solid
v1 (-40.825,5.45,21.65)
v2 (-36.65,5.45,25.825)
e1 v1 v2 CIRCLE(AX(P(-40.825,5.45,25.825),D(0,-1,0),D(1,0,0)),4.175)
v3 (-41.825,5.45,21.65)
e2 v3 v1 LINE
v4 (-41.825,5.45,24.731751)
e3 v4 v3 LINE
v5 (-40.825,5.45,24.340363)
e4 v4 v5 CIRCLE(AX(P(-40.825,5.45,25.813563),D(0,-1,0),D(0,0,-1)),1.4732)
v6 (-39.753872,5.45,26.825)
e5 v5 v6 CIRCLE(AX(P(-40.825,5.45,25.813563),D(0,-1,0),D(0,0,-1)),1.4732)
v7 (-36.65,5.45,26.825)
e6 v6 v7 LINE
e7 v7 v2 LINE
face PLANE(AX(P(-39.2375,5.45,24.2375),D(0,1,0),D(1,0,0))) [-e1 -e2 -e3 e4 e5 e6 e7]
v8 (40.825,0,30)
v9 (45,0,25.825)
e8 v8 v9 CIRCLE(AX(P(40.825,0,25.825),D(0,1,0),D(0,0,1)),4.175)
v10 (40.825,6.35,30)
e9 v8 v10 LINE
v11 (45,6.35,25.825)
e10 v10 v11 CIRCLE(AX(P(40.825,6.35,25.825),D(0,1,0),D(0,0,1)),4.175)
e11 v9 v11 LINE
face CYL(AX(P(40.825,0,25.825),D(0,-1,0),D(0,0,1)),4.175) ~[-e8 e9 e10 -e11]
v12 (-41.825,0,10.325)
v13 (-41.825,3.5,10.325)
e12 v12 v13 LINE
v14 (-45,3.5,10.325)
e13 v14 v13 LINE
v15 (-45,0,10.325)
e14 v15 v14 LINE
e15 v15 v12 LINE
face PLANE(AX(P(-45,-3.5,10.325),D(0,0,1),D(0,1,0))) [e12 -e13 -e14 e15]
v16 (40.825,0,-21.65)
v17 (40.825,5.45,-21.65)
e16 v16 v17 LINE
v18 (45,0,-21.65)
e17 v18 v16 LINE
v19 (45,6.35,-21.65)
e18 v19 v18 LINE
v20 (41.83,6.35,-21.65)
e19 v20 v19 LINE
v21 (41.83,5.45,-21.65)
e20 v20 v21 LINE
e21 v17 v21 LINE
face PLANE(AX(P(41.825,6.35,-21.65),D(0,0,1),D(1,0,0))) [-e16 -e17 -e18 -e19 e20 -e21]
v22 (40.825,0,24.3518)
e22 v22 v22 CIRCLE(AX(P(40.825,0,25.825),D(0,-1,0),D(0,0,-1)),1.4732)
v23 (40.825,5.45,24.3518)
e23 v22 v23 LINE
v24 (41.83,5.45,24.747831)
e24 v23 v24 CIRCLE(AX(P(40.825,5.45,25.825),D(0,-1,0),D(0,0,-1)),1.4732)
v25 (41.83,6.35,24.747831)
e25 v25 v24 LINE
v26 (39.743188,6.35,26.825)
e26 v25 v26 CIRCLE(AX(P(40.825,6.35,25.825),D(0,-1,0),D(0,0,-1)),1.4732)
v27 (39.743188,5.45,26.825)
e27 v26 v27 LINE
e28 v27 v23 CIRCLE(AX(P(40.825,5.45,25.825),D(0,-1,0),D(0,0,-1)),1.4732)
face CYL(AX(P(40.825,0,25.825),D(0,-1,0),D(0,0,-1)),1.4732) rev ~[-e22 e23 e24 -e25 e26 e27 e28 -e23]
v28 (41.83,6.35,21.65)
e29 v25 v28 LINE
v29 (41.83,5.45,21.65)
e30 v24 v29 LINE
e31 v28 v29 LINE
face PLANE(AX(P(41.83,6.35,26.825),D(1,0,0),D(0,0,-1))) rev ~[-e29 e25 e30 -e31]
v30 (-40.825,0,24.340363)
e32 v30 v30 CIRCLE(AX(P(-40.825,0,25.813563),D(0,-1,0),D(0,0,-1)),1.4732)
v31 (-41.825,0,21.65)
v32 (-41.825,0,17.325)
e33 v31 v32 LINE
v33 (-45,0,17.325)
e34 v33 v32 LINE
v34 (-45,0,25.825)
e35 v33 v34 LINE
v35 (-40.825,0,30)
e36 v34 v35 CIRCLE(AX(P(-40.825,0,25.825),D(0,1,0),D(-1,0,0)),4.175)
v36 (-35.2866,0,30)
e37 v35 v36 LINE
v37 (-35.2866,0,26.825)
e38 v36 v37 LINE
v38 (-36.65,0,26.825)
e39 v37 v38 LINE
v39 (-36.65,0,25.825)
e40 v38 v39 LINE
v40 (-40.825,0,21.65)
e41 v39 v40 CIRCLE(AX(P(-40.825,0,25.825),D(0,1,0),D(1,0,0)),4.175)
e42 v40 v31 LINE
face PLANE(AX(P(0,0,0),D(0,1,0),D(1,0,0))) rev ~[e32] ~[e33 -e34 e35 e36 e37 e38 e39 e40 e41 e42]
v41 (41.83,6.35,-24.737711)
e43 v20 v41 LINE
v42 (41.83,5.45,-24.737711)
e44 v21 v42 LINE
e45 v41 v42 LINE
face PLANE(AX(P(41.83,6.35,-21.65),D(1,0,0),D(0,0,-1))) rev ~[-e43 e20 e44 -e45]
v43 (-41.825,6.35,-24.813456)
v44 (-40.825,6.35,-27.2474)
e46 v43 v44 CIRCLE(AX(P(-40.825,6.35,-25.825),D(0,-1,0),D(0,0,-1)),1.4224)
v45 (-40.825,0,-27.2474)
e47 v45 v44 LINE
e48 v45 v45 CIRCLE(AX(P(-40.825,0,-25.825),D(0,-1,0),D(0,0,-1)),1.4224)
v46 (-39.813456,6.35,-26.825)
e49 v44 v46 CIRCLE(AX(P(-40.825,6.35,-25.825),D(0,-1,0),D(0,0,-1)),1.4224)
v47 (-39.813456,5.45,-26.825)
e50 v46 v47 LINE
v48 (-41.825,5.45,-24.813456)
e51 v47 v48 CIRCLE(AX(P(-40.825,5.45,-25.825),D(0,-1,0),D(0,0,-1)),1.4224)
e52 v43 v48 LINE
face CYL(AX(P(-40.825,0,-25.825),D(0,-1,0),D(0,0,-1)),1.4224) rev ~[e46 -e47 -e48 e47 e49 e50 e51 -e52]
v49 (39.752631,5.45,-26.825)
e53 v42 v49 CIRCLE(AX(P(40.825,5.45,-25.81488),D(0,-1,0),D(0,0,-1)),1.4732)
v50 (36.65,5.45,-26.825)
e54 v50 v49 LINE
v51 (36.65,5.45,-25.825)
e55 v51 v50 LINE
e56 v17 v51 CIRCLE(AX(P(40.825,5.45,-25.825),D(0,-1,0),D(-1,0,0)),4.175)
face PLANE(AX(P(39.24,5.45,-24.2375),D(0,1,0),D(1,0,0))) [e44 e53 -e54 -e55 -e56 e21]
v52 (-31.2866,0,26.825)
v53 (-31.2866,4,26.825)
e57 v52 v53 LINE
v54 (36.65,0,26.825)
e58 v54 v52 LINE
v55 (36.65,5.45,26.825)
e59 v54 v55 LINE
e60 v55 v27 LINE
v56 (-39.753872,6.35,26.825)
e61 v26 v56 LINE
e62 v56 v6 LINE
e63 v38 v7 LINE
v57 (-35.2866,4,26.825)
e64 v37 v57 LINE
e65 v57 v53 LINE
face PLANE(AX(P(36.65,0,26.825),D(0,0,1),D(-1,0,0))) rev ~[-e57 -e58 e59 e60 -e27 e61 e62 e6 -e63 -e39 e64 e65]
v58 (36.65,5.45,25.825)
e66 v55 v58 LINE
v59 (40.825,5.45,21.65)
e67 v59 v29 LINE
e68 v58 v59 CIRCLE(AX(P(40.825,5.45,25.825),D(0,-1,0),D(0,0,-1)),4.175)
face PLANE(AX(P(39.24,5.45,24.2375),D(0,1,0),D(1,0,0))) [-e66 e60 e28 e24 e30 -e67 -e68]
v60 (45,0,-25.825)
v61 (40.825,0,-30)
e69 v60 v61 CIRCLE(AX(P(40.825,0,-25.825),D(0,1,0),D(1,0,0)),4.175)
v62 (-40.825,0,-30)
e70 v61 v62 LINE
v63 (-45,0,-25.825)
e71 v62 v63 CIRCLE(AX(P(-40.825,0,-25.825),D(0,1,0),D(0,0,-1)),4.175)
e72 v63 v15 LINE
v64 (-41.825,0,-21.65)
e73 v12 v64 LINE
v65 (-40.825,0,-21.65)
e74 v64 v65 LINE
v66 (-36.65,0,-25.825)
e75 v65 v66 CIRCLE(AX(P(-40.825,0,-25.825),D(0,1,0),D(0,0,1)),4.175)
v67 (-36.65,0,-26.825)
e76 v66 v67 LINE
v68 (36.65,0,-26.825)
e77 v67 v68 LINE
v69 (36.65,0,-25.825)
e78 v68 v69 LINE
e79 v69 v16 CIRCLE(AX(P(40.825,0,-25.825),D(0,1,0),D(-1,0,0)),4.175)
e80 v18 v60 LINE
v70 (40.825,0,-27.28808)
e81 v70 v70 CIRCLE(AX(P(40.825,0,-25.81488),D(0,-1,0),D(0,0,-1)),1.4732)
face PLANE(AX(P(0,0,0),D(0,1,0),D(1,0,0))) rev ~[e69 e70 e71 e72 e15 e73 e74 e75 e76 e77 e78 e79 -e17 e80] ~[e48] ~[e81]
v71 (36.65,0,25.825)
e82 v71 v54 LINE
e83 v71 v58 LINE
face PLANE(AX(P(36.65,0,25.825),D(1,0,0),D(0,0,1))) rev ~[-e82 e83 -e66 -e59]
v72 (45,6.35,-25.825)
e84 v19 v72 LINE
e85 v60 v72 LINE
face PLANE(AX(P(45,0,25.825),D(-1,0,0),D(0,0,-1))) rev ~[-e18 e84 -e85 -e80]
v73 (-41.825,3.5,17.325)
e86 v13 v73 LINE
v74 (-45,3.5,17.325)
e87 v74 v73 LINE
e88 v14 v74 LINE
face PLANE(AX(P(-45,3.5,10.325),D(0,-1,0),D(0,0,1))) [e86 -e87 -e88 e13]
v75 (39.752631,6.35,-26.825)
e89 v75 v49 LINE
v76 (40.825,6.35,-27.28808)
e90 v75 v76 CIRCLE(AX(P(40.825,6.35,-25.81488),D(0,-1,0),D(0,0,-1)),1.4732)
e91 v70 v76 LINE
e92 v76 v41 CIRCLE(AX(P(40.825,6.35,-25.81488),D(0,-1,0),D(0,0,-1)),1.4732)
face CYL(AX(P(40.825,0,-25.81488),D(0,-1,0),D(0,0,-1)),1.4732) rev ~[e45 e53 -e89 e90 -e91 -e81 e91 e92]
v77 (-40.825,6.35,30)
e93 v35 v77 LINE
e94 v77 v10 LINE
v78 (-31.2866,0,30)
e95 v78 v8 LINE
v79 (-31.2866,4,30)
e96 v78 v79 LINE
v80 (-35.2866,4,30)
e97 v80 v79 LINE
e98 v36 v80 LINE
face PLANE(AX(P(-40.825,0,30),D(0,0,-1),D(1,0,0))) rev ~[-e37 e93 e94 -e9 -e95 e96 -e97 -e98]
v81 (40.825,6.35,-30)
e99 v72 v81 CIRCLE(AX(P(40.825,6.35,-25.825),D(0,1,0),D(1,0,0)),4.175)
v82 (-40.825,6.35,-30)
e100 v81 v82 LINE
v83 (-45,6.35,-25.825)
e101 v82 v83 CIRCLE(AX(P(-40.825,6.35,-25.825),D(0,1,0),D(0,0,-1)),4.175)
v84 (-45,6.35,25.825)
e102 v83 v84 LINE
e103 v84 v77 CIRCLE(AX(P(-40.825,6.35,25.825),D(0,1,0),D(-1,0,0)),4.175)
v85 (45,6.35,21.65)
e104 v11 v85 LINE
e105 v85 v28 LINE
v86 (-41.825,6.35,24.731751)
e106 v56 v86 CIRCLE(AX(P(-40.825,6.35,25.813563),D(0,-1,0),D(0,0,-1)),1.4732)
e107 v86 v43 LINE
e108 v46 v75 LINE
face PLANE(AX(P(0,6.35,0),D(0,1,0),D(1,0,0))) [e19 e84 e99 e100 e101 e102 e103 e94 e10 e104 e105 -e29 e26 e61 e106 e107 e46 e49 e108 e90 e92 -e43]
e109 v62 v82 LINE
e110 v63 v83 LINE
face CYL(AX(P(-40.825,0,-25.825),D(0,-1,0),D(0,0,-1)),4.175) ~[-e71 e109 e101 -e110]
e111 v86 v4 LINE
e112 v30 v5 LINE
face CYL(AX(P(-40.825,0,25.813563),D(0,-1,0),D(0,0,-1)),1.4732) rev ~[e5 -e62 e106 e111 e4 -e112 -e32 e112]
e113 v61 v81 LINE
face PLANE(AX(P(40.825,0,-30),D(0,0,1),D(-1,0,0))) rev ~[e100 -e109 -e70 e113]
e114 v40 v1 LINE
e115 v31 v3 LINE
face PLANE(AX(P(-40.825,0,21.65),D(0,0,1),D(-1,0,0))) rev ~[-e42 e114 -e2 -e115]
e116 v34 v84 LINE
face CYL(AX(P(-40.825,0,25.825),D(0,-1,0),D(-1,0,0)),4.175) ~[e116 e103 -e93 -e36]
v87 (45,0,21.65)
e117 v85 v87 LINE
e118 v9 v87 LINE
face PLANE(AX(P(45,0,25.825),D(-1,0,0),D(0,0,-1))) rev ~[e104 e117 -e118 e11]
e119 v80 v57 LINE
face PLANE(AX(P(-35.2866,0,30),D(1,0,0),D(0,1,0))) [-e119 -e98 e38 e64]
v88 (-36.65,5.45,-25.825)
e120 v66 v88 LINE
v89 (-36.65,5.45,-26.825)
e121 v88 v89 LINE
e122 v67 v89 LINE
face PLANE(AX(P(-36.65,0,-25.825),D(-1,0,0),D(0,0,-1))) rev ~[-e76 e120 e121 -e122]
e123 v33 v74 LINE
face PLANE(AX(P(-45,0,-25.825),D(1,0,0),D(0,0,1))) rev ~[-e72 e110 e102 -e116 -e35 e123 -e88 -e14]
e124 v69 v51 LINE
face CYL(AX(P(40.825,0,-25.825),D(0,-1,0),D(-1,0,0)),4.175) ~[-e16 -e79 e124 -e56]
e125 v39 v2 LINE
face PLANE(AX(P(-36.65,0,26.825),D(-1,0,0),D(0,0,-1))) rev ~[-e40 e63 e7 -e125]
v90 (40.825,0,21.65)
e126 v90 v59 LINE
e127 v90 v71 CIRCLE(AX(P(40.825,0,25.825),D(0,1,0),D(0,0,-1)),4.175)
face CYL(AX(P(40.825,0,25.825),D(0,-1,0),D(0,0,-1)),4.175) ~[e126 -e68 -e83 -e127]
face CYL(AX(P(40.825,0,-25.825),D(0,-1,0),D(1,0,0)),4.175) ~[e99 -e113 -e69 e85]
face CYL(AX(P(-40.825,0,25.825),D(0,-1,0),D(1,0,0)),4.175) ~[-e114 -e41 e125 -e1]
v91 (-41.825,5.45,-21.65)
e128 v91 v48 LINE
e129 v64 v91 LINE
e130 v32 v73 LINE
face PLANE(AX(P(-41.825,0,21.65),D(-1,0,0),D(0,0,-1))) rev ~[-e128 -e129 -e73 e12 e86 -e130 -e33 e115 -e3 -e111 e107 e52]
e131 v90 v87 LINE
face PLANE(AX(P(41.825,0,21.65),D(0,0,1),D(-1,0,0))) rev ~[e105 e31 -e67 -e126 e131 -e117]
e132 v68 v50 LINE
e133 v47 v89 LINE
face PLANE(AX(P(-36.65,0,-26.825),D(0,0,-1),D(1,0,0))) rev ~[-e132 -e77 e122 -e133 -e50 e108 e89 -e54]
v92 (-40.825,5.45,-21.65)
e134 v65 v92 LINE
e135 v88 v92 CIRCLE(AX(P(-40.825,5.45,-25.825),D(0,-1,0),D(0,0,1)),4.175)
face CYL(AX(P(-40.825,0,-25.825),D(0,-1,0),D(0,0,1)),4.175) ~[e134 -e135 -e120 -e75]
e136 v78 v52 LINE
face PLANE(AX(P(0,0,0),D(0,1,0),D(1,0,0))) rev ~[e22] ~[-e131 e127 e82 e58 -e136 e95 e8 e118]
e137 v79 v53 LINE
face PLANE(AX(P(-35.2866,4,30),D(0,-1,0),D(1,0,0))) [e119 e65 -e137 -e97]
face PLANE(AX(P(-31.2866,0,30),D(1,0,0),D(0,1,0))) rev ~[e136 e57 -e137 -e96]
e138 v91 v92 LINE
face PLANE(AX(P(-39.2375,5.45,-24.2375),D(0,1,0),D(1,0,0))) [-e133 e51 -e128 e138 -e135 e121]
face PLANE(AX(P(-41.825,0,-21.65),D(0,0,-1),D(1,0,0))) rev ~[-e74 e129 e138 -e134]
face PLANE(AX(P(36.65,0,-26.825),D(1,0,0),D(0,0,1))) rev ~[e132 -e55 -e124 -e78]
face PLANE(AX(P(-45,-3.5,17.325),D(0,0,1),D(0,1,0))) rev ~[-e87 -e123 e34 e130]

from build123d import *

# Parameters (mm, degrees)
BOSS_EXTRUDE3_DEPTH = 6.35
SKETCH5_W           = 7
SKETCH5_H           = 7
CUT_EXTRUDE3_DEPTH  = 3.175
SKETCH7_R           = 1.4224
SKETCH7_R_2         = 1.4732
CUT_EXTRUDE5_DEPTH  = 6.35
SKETCH8_W           = 3.175
SKETCH8_H           = 43.3
CUT_EXTRUDE6_DEPTH  = 10
SKETCH9_W           = 4
SKETCH9_H           = 4
CUT_EXTRUDE8_DEPTH  = 4
SKETCH10_W          = 5.175
SKETCH10_H          = 5.175
SKETCH10_W_2        = 5.18
CUT_EXTRUDE9_DEPTH  = 0.9


with BuildPart() as part:
    # Sketch2 → Boss-Extrude3 (new body)
    with BuildSketch(Plane(origin=(0, 0, 0), x_dir=(1, 0, 0), z_dir=(0, 1, 0))):
        with BuildLine():
            Line((-45, 25.825), (-45, -25.825))
            ThreePointArc((-45, -25.825), (-43.777170811, -28.777170811), (-40.825, -30))
            Line((-40.825, -30), (40.825, -30))
            ThreePointArc((40.825, -30), (43.777170811, -28.777170811), (45, -25.825))
            Line((45, -25.825), (45, 25.825))
            ThreePointArc((45, 25.825), (43.777170811, 28.777170811), (40.825, 30))
            Line((40.825, 30), (-40.825, 30))
            ThreePointArc((-40.825, 30), (-43.777170811, 28.777170811), (-45, 25.825))
        make_face()
        with BuildLine():
            Line((40.825, 21.65), (41.825, 21.65))
            Line((41.825, 21.65), (41.825, -21.65))
            Line((41.825, -21.65), (40.825, -21.65))
            ThreePointArc((40.825, -21.65), (37.872829189, -22.872829189), (36.65, -25.825))
            Line((36.65, -25.825), (36.65, -26.825))
            Line((36.65, -26.825), (-36.65, -26.825))
            Line((-36.65, -26.825), (-36.65, -25.825))
            ThreePointArc((-36.65, -25.825), (-37.872829189, -22.872829189), (-40.825, -21.65))
            Line((-40.825, -21.65), (-41.825, -21.65))
            Line((-41.825, -21.65), (-41.825, 21.65))
            Line((-41.825, 21.65), (-40.825, 21.65))
            ThreePointArc((-40.825, 21.65), (-37.872829189, 22.872829189), (-36.65, 25.825))
            Line((-36.65, 25.825), (-36.65, 26.825))
            Line((-36.65, 26.825), (36.65, 26.825))
            Line((36.65, 26.825), (36.65, 25.825))
            ThreePointArc((36.65, 25.825), (37.872829189, 22.872829189), (40.825, 21.65))
        make_face(mode=Mode.SUBTRACT)
    extrude(amount=BOSS_EXTRUDE3_DEPTH)

    # Sketch5 → Cut-Extrude3 (cut)
    with BuildSketch(Plane.ZY.offset(45)):
        with Locations((13.825, 0)):
            Rectangle(SKETCH5_W, SKETCH5_H)
    extrude(amount=-CUT_EXTRUDE3_DEPTH, mode=Mode.SUBTRACT)

    # Sketch7 → Cut-Extrude5 (cut)
    with BuildSketch(Plane.XZ):
        with Locations(Location((-40.825, -25.825, 0), (0, 0, 270))):
            Circle(SKETCH7_R)
        with Locations(Location((-40.825, 25.81356336, 0), (0, 0, 270))):
            Circle(SKETCH7_R_2)
        with Locations(Location((40.825, 25.825, 0), (0, 0, 270))):
            Circle(SKETCH7_R_2)
        with Locations(Location((40.825, -25.81487963, 0), (0, 0, 270))):
            Circle(SKETCH7_R_2)
    extrude(amount=-CUT_EXTRUDE5_DEPTH, mode=Mode.SUBTRACT)

    # Sketch8 → Cut-Extrude6 (cut)
    with BuildSketch(Plane(origin=(0, 6.35, 0), x_dir=(1, 0, 0), z_dir=(0, 1, 0))):
        with Locations((43.4125, 0)):
            Rectangle(SKETCH8_W, SKETCH8_H)
    extrude(amount=-CUT_EXTRUDE6_DEPTH, mode=Mode.SUBTRACT)

    # Sketch9 → Cut-Extrude8 (cut)
    with BuildSketch(Plane.XY.offset(30)):
        with Locations((-33.2866, 2)):
            Rectangle(SKETCH9_W, SKETCH9_H)
    extrude(amount=-CUT_EXTRUDE8_DEPTH, mode=Mode.SUBTRACT)

    # Sketch10 → Cut-Extrude9 (cut)
    with BuildSketch(Plane(origin=(0, 6.35, 0), x_dir=(1, 0, 0), z_dir=(0, 1, 0))):
        with Locations((-39.2375, 24.2375)):
            Rectangle(SKETCH10_W, SKETCH10_H)
        with Locations((-39.2375, -24.2375)):
            Rectangle(SKETCH10_W, SKETCH10_H)
        with Locations((39.24, -24.2375)):
            Rectangle(SKETCH10_W_2, SKETCH10_H)
        with Locations((39.24, 24.2375)):
            Rectangle(SKETCH10_W_2, SKETCH10_H)
    extrude(amount=-CUT_EXTRUDE9_DEPTH, mode=Mode.SUBTRACT)


solid = part.part
